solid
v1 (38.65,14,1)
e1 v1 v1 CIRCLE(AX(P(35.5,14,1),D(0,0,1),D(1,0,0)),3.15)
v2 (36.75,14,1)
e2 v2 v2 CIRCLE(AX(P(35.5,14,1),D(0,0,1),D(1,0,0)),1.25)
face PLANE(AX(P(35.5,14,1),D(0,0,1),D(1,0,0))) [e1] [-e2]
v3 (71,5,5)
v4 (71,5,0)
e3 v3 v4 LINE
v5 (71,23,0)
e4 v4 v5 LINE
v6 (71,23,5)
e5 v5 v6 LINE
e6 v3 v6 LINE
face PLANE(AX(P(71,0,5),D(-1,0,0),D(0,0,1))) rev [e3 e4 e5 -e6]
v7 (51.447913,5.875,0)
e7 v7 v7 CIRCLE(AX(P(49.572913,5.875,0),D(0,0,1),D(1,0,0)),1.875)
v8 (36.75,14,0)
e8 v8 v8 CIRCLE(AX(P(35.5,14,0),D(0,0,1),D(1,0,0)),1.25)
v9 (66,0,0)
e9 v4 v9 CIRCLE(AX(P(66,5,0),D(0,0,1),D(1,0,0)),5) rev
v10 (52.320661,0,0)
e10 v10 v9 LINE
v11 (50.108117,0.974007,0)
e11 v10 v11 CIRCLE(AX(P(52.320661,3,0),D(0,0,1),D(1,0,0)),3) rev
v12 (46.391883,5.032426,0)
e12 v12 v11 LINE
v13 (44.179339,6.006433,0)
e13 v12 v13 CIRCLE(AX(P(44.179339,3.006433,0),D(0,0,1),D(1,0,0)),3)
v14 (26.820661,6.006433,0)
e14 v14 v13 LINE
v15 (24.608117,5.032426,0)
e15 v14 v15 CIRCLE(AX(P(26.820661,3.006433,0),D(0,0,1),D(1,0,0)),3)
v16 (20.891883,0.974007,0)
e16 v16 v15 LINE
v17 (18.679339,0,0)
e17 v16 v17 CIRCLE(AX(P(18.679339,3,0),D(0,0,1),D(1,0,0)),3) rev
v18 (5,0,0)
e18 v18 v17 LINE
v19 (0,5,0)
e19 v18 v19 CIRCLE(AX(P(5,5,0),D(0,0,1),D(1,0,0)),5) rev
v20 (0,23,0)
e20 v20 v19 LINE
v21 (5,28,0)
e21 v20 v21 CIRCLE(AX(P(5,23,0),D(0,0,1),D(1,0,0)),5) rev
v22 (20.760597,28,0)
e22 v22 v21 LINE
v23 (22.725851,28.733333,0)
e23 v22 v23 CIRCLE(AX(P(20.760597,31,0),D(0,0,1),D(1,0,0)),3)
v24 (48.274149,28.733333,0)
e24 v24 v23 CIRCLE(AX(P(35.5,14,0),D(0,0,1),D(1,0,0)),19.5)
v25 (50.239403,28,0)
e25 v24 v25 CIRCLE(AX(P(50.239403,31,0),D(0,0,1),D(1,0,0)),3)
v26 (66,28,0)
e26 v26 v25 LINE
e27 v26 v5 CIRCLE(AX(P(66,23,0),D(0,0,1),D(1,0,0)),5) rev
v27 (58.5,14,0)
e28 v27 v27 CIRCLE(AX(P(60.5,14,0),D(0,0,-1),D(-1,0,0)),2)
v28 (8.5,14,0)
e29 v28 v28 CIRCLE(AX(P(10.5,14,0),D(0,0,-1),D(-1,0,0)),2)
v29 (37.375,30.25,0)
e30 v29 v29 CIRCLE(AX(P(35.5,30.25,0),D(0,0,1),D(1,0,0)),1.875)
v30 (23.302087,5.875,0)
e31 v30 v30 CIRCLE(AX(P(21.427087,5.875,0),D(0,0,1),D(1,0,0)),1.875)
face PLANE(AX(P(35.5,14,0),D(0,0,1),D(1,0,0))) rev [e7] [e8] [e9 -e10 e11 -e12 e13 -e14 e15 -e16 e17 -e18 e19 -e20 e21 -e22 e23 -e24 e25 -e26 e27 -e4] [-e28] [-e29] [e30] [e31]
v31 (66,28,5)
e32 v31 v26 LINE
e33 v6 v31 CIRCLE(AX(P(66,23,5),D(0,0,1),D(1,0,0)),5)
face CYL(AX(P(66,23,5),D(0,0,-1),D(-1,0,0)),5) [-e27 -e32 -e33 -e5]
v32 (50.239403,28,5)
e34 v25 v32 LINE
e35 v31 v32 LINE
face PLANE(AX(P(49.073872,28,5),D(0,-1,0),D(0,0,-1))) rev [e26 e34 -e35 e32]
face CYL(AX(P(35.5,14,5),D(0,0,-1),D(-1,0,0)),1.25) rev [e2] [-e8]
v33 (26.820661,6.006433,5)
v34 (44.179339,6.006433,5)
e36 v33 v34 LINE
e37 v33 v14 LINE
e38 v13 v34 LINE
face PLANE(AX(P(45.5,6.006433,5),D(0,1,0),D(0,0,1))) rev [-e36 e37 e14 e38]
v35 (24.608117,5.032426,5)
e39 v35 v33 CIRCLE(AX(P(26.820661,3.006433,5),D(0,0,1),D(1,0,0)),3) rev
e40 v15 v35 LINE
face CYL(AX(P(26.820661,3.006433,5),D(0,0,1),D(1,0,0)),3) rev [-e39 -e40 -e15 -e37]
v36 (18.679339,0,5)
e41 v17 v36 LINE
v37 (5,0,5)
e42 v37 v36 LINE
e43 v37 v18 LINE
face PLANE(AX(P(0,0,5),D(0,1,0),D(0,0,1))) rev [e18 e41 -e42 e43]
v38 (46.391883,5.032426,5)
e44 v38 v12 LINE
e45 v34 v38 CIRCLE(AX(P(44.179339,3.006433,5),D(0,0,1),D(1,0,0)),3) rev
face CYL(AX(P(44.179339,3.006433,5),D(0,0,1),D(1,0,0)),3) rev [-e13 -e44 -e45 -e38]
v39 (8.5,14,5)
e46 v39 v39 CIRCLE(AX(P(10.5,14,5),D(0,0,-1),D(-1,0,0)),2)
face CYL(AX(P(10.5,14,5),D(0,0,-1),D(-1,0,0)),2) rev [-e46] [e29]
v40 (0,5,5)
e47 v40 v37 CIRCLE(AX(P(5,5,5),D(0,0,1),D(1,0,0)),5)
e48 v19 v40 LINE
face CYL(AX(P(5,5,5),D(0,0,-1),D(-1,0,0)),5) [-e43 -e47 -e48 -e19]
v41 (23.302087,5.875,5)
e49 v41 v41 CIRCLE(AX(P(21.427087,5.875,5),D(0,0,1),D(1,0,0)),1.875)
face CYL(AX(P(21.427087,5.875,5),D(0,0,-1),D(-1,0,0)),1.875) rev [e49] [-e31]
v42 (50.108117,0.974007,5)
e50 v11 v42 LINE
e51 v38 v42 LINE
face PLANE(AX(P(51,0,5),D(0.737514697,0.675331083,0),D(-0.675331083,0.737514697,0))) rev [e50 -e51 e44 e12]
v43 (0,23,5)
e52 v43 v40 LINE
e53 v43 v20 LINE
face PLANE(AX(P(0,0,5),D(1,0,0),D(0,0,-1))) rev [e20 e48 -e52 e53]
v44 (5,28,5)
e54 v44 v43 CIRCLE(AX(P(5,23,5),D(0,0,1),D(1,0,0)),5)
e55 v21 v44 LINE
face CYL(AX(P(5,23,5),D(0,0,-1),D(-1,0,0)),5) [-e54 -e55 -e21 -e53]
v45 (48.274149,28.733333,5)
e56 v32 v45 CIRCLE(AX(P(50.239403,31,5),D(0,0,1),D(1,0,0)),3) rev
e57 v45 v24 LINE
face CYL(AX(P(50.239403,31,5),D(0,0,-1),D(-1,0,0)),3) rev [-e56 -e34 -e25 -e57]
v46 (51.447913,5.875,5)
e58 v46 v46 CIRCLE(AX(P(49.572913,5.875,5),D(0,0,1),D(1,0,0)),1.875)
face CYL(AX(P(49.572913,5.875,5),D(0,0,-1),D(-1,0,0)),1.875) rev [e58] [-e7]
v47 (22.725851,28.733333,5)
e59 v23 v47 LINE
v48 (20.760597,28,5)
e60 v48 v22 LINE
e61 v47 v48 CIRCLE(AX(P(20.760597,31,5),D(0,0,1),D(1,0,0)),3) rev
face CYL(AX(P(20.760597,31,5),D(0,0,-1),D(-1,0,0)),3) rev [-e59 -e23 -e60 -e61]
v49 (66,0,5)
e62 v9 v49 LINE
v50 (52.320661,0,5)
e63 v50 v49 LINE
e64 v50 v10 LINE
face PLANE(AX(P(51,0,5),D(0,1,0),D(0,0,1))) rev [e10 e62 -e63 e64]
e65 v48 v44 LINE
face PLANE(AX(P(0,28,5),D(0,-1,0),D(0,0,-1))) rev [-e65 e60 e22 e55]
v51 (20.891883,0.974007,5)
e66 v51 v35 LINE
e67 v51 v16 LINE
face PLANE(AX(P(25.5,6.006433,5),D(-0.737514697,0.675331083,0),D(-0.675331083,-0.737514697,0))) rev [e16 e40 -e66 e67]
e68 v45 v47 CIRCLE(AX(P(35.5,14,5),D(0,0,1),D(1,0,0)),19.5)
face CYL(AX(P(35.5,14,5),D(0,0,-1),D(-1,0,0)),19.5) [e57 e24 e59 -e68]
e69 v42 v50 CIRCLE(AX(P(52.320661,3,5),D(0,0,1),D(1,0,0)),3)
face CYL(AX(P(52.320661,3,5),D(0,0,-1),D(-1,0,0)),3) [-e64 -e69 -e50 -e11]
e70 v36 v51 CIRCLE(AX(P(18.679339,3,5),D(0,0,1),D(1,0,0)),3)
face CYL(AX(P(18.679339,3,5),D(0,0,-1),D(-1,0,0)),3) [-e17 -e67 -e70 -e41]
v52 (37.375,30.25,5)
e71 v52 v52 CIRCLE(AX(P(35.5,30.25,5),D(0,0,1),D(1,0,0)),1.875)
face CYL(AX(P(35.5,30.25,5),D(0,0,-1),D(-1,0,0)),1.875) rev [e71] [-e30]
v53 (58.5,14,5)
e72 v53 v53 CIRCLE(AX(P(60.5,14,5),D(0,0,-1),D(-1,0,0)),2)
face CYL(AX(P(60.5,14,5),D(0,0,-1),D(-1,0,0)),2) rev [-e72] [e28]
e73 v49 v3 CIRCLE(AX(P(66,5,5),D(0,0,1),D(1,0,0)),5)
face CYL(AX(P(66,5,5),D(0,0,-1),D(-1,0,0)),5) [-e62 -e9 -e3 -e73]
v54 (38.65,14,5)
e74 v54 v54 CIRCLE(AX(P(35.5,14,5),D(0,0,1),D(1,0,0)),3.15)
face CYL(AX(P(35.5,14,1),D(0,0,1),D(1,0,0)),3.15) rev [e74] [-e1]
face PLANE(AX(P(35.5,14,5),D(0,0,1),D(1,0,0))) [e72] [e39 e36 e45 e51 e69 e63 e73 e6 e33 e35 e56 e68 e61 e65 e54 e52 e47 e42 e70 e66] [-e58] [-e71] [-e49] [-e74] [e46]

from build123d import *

# Parameters (mm, degrees)
SKETCH_1_R          = 1.875
SKETCH_1_R_2        = 1.25
EXTRUDE_1_DEPTH     = 5
FILLET_1_R          = 3
FILLET_2_R          = 5
FILLET_3_R          = 3
SKETCH_2_R          = 3.15
CUT_EXTRUDE_1_DEPTH = 4
SKETCH_3_R          = 2
CUT_EXTRUDE_2_DEPTH = 79.665430781


with BuildPart() as part:
    # Эскиз1 → Бобышка-Вытянуть1 (new body)
    with BuildSketch(Plane.XY):
        with BuildLine():
            Line((0, 0), (20, 0))
            Line((20, 0), (25.5, 6.006432896))
            Line((25.5, 6.006432896), (45.5, 6.006432896))
            Line((45.5, 6.006432896), (51, 0))
            Line((51, 0), (71, 0))
            Line((71, 0), (71, 28))
            Line((71, 28), (49.07387196, 28))
            ThreePointArc((49.07387196, 28), (35.5, 33.5), (21.92612804, 28))
            Line((21.92612804, 28), (0, 28))
            Line((0, 28), (0, 0))
        make_face()
        with Locations((35.5, 30.25)):
            Circle(SKETCH_1_R, mode=Mode.SUBTRACT)
        with Locations((35.5, 14)):
            Circle(SKETCH_1_R_2, mode=Mode.SUBTRACT)
        with Locations((49.572912812, 5.875)):
            Circle(SKETCH_1_R, mode=Mode.SUBTRACT)
        with Locations((21.427087189, 5.875)):
            Circle(SKETCH_1_R, mode=Mode.SUBTRACT)
    extrude(amount=EXTRUDE_1_DEPTH)

    # Скругление1
    fillet_1_edges = [part.edges().sort_by_distance(p)[0] for p in [
        (21.92612804, 28, 2.5),
        (49.07387196, 28, 2.5),
        (45.5, 6.006432896, 2.5),
        (25.5, 6.006432896, 2.5),
    ]]
    fillet(fillet_1_edges, radius=FILLET_1_R)

    # Скругление2
    fillet_2_edges = [part.edges().sort_by_distance(p)[0] for p in [
        (0, 28, 2.5),
        (71, 28, 2.5),
        (71, 0, 2.5),
        (0, 0, 2.5),
    ]]
    fillet(fillet_2_edges, radius=FILLET_2_R)

    # Скругление3
    fillet_3_edges = [part.edges().sort_by_distance(p)[0] for p in [
        (51, 0, 2.5),
        (20, 0, 2.5),
    ]]
    fillet(fillet_3_edges, radius=FILLET_3_R)

    # Эскиз2 → Вырез-Вытянуть1 (cut)
    with BuildSketch(Plane.XY.offset(5)):
        with Locations((35.5, 14)):
            Circle(SKETCH_2_R)
    extrude(amount=-CUT_EXTRUDE_1_DEPTH, mode=Mode.SUBTRACT)

    # Эскиз3 → Вырез-Вытянуть2 (cut, through all)
    with BuildSketch(Plane(origin=(0, 0, 0), x_dir=(-1, 0, 0), z_dir=(0, 0, -1))):
        with Locations((-10.5, 14)):
            Circle(SKETCH_3_R)
        with Locations((-60.5, 14)):
            Circle(SKETCH_3_R)
    extrude(amount=-CUT_EXTRUDE_2_DEPTH, mode=Mode.SUBTRACT)


solid = part.part
